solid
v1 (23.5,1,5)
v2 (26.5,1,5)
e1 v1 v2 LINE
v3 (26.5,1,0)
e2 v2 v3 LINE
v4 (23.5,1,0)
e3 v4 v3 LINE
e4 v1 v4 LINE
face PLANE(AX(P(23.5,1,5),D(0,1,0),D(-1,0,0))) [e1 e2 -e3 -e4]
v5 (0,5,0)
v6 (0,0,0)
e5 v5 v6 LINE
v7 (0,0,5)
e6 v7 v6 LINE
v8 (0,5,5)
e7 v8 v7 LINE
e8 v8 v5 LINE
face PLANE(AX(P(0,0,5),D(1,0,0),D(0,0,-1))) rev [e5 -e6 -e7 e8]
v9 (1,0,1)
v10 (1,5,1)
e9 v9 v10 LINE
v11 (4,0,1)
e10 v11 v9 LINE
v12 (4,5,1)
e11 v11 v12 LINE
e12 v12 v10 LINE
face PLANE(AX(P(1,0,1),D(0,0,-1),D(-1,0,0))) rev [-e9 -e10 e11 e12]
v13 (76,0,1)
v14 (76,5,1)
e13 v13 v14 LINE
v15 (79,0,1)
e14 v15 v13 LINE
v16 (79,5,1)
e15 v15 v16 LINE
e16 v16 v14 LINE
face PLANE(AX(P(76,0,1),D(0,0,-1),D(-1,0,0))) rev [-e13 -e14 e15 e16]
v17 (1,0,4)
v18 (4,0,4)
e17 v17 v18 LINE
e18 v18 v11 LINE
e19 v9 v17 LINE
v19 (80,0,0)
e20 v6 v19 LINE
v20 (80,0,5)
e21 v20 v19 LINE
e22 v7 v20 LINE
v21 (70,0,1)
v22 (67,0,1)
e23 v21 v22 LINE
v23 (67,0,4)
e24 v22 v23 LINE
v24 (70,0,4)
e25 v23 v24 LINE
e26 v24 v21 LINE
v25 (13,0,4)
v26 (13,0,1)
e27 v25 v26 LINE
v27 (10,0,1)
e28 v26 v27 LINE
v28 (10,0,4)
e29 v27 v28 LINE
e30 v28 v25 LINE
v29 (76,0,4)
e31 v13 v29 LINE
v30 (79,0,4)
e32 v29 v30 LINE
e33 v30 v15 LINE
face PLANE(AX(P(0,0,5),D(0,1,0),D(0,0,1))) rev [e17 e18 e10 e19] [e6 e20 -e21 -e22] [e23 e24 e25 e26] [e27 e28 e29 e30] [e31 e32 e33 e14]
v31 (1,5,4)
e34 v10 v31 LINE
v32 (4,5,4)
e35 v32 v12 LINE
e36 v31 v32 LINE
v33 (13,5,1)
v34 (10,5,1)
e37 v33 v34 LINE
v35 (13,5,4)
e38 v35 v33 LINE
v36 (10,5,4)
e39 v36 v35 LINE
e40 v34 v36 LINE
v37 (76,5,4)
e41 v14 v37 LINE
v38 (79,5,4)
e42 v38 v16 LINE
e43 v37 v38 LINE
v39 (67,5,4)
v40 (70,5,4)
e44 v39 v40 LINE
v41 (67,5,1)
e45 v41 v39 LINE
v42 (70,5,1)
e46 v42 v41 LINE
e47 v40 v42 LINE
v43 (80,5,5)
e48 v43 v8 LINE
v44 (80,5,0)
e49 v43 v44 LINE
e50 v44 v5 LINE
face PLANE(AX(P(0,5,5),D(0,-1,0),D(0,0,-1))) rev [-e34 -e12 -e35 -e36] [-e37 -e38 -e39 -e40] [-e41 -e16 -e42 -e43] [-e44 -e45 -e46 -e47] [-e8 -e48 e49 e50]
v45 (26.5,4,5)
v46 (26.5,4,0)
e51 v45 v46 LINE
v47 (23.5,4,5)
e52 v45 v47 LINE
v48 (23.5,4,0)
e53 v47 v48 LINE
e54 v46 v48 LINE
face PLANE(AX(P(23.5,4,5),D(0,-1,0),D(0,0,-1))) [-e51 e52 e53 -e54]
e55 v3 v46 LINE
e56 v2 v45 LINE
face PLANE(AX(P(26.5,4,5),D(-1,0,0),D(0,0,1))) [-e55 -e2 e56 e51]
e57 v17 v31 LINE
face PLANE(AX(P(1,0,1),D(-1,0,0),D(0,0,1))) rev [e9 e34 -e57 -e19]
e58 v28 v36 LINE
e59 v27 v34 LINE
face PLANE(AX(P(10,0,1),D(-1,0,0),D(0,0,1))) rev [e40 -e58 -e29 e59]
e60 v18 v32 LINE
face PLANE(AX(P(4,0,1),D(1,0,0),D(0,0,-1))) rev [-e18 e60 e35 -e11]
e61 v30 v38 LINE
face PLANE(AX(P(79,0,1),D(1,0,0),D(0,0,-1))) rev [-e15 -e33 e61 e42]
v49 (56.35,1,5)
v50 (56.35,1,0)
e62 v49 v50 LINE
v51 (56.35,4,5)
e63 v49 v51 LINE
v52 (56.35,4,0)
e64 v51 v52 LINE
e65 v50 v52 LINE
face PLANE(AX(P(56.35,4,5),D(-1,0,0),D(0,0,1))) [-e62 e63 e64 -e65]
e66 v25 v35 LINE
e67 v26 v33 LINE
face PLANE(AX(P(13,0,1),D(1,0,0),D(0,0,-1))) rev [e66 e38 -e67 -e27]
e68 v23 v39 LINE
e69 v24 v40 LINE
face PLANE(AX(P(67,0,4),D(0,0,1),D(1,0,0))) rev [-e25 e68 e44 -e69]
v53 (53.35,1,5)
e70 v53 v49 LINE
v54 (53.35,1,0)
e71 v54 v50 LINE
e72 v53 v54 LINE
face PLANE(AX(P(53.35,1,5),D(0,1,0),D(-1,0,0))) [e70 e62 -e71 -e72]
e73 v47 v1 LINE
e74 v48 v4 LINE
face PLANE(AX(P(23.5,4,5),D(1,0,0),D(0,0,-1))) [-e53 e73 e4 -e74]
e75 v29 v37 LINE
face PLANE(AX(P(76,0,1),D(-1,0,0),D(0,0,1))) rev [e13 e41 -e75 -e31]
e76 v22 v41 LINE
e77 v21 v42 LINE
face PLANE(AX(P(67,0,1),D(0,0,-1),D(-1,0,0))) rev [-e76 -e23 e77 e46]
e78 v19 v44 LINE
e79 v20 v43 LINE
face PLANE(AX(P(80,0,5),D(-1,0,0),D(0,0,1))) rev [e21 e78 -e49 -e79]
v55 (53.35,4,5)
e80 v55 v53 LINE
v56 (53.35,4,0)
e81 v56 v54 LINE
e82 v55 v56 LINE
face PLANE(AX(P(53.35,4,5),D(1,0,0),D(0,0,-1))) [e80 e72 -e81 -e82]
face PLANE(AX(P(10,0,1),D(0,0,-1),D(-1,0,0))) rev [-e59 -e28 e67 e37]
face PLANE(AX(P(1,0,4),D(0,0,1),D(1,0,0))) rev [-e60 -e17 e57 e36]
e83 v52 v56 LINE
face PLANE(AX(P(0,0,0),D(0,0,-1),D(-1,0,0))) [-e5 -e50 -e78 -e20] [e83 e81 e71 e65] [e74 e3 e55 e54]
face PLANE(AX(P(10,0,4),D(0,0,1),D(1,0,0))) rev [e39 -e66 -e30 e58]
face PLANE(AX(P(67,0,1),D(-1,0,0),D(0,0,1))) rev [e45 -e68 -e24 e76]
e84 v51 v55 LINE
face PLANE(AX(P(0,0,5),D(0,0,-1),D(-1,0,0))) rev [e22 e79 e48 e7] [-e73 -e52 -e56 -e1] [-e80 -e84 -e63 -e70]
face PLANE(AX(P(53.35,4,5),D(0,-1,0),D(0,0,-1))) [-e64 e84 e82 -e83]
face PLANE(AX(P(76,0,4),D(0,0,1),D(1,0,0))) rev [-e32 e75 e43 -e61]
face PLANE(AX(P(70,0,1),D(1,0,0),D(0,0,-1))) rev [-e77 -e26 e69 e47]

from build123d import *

# Parameters (mm, degrees)
SKETCH1_W           = 80
SKETCH1_H           = 5
SKETCH1_W_2         = 3
SKETCH1_H_2         = 3
BOSS_EXTRUDE1_DEPTH = 5
SKETCH2_W           = 3
SKETCH2_H           = 3
CUT_EXTRUDE1_DEPTH  = 5


with BuildPart() as part:
    # Sketch1 → Boss-Extrude1 (new body)
    with BuildSketch(Plane.XY):
        with Locations((40, 2.5)):
            Rectangle(SKETCH1_W, SKETCH1_H)
        with Locations((54.85, 2.5)):
            Rectangle(SKETCH1_W_2, SKETCH1_H_2, mode=Mode.SUBTRACT)
        with Locations((25, 2.5)):
            Rectangle(SKETCH1_W_2, SKETCH1_H_2, mode=Mode.SUBTRACT)
    extrude(amount=BOSS_EXTRUDE1_DEPTH)

    # Sketch2 → Cut-Extrude1 (cut)
    with BuildSketch(Plane(origin=(0, 5, 0), x_dir=(1, 0, 0), z_dir=(0, 1, 0))):
        with Locations((77.5, -2.5)):
            Rectangle(SKETCH2_W, SKETCH2_H)
        with Locations((2.5, -2.5)):
            Rectangle(SKETCH2_W, SKETCH2_H)
        with Locations((11.5, -2.5)):
            Rectangle(SKETCH2_W, SKETCH2_H)
        with Locations((68.5, -2.5)):
            Rectangle(SKETCH2_W, SKETCH2_H)
    extrude(amount=-CUT_EXTRUDE1_DEPTH, mode=Mode.SUBTRACT)


solid = part.part
